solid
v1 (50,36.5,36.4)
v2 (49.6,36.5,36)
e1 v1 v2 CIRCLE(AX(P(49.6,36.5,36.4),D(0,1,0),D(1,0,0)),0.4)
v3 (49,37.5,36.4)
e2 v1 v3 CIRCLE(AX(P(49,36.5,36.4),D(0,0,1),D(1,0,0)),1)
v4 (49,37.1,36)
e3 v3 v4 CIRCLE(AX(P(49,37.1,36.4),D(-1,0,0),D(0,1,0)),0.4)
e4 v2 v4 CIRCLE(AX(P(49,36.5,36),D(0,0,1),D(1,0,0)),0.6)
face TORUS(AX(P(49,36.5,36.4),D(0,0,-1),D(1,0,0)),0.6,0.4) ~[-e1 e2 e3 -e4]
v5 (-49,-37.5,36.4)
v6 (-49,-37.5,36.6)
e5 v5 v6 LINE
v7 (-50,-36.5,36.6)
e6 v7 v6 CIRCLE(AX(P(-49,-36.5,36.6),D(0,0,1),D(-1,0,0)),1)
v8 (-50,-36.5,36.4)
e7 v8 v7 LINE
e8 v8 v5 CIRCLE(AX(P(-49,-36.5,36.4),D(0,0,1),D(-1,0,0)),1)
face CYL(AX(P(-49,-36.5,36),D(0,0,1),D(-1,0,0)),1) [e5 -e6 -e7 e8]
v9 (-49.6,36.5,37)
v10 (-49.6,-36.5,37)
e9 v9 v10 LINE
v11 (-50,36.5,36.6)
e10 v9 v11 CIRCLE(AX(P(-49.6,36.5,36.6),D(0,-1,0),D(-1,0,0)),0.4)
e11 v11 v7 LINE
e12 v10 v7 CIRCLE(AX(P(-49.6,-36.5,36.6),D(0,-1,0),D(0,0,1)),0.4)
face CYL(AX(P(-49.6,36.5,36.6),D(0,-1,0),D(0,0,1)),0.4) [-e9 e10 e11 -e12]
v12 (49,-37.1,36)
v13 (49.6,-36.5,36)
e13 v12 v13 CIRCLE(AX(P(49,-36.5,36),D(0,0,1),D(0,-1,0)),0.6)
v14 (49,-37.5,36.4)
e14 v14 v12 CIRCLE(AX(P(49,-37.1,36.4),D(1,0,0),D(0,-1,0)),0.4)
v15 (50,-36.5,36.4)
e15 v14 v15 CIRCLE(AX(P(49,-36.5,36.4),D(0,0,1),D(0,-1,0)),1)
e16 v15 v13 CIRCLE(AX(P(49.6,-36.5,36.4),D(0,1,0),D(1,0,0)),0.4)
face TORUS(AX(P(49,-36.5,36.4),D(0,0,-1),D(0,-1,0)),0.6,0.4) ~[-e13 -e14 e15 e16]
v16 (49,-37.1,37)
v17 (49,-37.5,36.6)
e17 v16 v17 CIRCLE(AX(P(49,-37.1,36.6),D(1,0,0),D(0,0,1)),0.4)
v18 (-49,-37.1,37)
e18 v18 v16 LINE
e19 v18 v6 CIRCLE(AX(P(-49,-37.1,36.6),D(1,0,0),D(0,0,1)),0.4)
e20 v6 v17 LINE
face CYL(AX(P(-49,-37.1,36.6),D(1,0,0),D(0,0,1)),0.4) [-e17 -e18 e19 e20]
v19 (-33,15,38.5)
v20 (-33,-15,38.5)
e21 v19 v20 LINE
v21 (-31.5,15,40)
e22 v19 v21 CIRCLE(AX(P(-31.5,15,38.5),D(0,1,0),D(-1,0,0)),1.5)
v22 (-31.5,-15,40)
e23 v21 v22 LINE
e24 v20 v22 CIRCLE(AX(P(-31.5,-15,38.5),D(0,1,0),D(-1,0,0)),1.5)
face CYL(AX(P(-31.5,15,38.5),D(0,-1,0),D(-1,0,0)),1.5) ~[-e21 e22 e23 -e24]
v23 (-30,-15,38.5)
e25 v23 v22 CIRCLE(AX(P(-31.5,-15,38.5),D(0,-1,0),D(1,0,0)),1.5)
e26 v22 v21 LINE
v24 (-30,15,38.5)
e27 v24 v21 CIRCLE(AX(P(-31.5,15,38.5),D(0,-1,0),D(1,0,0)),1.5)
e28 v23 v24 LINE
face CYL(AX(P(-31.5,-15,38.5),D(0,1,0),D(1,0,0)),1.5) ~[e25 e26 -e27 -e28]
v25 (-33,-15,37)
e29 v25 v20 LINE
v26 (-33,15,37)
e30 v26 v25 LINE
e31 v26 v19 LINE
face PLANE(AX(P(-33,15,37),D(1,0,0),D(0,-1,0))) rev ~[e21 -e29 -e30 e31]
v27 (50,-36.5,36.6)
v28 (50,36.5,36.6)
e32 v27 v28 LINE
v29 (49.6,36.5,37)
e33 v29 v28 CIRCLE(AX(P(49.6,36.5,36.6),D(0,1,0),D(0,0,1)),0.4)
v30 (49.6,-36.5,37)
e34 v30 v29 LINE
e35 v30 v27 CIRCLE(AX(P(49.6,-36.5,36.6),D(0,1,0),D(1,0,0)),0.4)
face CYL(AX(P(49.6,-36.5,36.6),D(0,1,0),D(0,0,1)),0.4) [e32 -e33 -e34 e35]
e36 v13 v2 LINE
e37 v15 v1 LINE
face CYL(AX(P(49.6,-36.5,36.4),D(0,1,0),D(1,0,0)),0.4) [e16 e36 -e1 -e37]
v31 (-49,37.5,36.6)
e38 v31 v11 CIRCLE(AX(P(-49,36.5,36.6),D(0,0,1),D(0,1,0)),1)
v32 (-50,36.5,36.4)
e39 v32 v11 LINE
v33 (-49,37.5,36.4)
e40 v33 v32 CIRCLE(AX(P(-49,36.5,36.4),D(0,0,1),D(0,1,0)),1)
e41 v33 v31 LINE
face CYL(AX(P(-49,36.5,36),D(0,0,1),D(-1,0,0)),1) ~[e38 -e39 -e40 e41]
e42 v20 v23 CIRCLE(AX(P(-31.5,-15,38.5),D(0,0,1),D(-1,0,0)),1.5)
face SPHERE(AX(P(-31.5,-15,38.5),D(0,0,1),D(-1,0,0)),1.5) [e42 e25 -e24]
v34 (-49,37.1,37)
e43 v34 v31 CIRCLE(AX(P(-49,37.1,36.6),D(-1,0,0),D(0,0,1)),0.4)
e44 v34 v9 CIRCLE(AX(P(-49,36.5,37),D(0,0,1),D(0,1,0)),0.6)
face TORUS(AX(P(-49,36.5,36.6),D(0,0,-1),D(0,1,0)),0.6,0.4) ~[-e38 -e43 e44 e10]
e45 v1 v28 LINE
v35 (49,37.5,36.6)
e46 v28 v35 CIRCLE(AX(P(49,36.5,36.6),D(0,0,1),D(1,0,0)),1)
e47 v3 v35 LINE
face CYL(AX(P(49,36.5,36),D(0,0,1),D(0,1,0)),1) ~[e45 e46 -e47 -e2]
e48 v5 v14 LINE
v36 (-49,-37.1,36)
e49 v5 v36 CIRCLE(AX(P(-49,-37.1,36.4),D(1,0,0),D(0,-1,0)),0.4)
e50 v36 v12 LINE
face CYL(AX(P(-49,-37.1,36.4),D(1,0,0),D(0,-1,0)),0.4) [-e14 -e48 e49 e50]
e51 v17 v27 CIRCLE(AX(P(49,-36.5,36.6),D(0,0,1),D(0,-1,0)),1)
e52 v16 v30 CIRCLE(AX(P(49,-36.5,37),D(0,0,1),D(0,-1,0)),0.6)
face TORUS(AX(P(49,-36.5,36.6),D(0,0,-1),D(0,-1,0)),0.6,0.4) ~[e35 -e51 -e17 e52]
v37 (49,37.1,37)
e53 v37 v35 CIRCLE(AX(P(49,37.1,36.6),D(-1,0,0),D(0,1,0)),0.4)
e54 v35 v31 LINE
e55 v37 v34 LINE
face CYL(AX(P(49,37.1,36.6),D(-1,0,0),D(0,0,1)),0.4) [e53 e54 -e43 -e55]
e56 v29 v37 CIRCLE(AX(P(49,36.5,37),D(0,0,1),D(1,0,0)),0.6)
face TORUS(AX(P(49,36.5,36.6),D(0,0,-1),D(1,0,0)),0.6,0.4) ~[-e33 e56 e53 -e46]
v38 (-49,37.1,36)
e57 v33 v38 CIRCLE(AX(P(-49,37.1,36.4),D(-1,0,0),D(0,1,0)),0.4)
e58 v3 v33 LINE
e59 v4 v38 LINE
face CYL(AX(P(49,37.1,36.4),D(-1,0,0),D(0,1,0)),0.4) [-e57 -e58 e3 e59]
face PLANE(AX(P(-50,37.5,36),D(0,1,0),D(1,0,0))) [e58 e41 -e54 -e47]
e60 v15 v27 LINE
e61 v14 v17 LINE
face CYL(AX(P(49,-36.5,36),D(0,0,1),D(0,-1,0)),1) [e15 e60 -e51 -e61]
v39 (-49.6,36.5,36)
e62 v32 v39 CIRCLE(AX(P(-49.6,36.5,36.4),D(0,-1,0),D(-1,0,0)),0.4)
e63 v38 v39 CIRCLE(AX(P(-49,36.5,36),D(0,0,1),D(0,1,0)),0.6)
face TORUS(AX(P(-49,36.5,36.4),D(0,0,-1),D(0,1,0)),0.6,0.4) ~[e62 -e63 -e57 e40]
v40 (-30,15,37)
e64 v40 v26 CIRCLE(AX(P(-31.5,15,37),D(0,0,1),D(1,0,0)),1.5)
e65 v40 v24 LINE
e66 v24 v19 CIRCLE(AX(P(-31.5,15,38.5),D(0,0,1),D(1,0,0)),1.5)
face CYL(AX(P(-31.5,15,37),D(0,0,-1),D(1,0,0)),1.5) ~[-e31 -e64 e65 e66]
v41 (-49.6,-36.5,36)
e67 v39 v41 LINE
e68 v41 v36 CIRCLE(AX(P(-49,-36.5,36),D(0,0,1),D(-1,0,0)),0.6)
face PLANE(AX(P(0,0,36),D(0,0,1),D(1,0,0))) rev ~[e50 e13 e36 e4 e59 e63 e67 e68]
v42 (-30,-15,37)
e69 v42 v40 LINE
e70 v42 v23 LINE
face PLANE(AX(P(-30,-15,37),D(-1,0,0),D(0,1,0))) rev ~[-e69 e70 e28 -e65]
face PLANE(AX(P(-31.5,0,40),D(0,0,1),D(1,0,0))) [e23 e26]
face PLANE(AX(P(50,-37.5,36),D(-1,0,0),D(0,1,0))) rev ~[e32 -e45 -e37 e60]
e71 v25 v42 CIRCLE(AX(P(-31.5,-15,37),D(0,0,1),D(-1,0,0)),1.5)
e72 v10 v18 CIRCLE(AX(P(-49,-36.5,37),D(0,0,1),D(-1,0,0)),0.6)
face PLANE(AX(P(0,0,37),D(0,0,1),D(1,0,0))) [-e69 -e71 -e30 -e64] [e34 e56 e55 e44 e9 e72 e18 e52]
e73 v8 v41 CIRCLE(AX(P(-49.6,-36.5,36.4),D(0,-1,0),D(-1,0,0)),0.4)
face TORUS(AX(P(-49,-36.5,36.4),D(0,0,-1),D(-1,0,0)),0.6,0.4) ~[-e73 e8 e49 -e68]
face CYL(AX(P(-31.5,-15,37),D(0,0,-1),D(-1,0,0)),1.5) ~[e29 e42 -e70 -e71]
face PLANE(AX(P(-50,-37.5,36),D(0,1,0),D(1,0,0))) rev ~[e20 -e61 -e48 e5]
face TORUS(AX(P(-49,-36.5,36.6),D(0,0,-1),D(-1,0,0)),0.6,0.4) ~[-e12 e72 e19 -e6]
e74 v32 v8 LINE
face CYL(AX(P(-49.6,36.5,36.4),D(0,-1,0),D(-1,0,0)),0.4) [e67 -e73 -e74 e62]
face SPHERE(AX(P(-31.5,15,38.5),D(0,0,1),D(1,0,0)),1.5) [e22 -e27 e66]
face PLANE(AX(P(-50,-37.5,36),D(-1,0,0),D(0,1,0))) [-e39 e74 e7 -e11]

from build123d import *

# Parameters (mm, degrees)
SKETCH003_W  = 100
SKETCH003_H  = 75
PAD002_DEPTH = 1
PAD003_DEPTH = 3
FILLET002_R  = 1.5
FILLET003_R  = 1
FILLET004_R  = 0.4


with BuildPart() as part:
    # Sketch003 → Pad002 (new body)
    with BuildSketch(Plane.XY):
        Rectangle(SKETCH003_W, SKETCH003_H)
    extrude(amount=PAD002_DEPTH)

    # Sketch004 (on Face6 of Pad002) → Pad003 (join)
    with BuildSketch(Plane.XY.offset(1)):
        with BuildLine():
            ThreePointArc((-30, 15), (-31.5, 16.5), (-33, 15))
            Line((-33, 15), (-33, -15))
            ThreePointArc((-33, -15), (-31.5, -16.5), (-30, -15))
            Line((-30, -15), (-30, 15))
        make_face()
    extrude(amount=PAD003_DEPTH)

    # Fillet002
    fillet002_edges = [part.edges().sort_by_distance(p)[0] for p in [
        (-33, 0, 4),
    ]]
    fillet(fillet002_edges, radius=FILLET002_R)

    # Fillet003
    fillet003_edges = [part.edges().sort_by_distance(p)[0] for p in [
        (-50, -37.5, 0.5),
        (-50, 37.5, 0.5),
        (50, -37.5, 0.5),
        (50, 37.5, 0.5),
    ]]
    fillet(fillet003_edges, radius=FILLET003_R)

    # Fillet004
    fillet004_edges = [part.edges().sort_by_distance(p)[0] for p in [
        (0, -37.5, 1),
        (0, -37.5, 0),
    ]]
    fillet(fillet004_edges, radius=FILLET004_R)


with BuildPart() as part_1:
    # Body001 placement: moved
    add(part.part.moved(Location((0, 0, 36))))


solid = part_1.part
